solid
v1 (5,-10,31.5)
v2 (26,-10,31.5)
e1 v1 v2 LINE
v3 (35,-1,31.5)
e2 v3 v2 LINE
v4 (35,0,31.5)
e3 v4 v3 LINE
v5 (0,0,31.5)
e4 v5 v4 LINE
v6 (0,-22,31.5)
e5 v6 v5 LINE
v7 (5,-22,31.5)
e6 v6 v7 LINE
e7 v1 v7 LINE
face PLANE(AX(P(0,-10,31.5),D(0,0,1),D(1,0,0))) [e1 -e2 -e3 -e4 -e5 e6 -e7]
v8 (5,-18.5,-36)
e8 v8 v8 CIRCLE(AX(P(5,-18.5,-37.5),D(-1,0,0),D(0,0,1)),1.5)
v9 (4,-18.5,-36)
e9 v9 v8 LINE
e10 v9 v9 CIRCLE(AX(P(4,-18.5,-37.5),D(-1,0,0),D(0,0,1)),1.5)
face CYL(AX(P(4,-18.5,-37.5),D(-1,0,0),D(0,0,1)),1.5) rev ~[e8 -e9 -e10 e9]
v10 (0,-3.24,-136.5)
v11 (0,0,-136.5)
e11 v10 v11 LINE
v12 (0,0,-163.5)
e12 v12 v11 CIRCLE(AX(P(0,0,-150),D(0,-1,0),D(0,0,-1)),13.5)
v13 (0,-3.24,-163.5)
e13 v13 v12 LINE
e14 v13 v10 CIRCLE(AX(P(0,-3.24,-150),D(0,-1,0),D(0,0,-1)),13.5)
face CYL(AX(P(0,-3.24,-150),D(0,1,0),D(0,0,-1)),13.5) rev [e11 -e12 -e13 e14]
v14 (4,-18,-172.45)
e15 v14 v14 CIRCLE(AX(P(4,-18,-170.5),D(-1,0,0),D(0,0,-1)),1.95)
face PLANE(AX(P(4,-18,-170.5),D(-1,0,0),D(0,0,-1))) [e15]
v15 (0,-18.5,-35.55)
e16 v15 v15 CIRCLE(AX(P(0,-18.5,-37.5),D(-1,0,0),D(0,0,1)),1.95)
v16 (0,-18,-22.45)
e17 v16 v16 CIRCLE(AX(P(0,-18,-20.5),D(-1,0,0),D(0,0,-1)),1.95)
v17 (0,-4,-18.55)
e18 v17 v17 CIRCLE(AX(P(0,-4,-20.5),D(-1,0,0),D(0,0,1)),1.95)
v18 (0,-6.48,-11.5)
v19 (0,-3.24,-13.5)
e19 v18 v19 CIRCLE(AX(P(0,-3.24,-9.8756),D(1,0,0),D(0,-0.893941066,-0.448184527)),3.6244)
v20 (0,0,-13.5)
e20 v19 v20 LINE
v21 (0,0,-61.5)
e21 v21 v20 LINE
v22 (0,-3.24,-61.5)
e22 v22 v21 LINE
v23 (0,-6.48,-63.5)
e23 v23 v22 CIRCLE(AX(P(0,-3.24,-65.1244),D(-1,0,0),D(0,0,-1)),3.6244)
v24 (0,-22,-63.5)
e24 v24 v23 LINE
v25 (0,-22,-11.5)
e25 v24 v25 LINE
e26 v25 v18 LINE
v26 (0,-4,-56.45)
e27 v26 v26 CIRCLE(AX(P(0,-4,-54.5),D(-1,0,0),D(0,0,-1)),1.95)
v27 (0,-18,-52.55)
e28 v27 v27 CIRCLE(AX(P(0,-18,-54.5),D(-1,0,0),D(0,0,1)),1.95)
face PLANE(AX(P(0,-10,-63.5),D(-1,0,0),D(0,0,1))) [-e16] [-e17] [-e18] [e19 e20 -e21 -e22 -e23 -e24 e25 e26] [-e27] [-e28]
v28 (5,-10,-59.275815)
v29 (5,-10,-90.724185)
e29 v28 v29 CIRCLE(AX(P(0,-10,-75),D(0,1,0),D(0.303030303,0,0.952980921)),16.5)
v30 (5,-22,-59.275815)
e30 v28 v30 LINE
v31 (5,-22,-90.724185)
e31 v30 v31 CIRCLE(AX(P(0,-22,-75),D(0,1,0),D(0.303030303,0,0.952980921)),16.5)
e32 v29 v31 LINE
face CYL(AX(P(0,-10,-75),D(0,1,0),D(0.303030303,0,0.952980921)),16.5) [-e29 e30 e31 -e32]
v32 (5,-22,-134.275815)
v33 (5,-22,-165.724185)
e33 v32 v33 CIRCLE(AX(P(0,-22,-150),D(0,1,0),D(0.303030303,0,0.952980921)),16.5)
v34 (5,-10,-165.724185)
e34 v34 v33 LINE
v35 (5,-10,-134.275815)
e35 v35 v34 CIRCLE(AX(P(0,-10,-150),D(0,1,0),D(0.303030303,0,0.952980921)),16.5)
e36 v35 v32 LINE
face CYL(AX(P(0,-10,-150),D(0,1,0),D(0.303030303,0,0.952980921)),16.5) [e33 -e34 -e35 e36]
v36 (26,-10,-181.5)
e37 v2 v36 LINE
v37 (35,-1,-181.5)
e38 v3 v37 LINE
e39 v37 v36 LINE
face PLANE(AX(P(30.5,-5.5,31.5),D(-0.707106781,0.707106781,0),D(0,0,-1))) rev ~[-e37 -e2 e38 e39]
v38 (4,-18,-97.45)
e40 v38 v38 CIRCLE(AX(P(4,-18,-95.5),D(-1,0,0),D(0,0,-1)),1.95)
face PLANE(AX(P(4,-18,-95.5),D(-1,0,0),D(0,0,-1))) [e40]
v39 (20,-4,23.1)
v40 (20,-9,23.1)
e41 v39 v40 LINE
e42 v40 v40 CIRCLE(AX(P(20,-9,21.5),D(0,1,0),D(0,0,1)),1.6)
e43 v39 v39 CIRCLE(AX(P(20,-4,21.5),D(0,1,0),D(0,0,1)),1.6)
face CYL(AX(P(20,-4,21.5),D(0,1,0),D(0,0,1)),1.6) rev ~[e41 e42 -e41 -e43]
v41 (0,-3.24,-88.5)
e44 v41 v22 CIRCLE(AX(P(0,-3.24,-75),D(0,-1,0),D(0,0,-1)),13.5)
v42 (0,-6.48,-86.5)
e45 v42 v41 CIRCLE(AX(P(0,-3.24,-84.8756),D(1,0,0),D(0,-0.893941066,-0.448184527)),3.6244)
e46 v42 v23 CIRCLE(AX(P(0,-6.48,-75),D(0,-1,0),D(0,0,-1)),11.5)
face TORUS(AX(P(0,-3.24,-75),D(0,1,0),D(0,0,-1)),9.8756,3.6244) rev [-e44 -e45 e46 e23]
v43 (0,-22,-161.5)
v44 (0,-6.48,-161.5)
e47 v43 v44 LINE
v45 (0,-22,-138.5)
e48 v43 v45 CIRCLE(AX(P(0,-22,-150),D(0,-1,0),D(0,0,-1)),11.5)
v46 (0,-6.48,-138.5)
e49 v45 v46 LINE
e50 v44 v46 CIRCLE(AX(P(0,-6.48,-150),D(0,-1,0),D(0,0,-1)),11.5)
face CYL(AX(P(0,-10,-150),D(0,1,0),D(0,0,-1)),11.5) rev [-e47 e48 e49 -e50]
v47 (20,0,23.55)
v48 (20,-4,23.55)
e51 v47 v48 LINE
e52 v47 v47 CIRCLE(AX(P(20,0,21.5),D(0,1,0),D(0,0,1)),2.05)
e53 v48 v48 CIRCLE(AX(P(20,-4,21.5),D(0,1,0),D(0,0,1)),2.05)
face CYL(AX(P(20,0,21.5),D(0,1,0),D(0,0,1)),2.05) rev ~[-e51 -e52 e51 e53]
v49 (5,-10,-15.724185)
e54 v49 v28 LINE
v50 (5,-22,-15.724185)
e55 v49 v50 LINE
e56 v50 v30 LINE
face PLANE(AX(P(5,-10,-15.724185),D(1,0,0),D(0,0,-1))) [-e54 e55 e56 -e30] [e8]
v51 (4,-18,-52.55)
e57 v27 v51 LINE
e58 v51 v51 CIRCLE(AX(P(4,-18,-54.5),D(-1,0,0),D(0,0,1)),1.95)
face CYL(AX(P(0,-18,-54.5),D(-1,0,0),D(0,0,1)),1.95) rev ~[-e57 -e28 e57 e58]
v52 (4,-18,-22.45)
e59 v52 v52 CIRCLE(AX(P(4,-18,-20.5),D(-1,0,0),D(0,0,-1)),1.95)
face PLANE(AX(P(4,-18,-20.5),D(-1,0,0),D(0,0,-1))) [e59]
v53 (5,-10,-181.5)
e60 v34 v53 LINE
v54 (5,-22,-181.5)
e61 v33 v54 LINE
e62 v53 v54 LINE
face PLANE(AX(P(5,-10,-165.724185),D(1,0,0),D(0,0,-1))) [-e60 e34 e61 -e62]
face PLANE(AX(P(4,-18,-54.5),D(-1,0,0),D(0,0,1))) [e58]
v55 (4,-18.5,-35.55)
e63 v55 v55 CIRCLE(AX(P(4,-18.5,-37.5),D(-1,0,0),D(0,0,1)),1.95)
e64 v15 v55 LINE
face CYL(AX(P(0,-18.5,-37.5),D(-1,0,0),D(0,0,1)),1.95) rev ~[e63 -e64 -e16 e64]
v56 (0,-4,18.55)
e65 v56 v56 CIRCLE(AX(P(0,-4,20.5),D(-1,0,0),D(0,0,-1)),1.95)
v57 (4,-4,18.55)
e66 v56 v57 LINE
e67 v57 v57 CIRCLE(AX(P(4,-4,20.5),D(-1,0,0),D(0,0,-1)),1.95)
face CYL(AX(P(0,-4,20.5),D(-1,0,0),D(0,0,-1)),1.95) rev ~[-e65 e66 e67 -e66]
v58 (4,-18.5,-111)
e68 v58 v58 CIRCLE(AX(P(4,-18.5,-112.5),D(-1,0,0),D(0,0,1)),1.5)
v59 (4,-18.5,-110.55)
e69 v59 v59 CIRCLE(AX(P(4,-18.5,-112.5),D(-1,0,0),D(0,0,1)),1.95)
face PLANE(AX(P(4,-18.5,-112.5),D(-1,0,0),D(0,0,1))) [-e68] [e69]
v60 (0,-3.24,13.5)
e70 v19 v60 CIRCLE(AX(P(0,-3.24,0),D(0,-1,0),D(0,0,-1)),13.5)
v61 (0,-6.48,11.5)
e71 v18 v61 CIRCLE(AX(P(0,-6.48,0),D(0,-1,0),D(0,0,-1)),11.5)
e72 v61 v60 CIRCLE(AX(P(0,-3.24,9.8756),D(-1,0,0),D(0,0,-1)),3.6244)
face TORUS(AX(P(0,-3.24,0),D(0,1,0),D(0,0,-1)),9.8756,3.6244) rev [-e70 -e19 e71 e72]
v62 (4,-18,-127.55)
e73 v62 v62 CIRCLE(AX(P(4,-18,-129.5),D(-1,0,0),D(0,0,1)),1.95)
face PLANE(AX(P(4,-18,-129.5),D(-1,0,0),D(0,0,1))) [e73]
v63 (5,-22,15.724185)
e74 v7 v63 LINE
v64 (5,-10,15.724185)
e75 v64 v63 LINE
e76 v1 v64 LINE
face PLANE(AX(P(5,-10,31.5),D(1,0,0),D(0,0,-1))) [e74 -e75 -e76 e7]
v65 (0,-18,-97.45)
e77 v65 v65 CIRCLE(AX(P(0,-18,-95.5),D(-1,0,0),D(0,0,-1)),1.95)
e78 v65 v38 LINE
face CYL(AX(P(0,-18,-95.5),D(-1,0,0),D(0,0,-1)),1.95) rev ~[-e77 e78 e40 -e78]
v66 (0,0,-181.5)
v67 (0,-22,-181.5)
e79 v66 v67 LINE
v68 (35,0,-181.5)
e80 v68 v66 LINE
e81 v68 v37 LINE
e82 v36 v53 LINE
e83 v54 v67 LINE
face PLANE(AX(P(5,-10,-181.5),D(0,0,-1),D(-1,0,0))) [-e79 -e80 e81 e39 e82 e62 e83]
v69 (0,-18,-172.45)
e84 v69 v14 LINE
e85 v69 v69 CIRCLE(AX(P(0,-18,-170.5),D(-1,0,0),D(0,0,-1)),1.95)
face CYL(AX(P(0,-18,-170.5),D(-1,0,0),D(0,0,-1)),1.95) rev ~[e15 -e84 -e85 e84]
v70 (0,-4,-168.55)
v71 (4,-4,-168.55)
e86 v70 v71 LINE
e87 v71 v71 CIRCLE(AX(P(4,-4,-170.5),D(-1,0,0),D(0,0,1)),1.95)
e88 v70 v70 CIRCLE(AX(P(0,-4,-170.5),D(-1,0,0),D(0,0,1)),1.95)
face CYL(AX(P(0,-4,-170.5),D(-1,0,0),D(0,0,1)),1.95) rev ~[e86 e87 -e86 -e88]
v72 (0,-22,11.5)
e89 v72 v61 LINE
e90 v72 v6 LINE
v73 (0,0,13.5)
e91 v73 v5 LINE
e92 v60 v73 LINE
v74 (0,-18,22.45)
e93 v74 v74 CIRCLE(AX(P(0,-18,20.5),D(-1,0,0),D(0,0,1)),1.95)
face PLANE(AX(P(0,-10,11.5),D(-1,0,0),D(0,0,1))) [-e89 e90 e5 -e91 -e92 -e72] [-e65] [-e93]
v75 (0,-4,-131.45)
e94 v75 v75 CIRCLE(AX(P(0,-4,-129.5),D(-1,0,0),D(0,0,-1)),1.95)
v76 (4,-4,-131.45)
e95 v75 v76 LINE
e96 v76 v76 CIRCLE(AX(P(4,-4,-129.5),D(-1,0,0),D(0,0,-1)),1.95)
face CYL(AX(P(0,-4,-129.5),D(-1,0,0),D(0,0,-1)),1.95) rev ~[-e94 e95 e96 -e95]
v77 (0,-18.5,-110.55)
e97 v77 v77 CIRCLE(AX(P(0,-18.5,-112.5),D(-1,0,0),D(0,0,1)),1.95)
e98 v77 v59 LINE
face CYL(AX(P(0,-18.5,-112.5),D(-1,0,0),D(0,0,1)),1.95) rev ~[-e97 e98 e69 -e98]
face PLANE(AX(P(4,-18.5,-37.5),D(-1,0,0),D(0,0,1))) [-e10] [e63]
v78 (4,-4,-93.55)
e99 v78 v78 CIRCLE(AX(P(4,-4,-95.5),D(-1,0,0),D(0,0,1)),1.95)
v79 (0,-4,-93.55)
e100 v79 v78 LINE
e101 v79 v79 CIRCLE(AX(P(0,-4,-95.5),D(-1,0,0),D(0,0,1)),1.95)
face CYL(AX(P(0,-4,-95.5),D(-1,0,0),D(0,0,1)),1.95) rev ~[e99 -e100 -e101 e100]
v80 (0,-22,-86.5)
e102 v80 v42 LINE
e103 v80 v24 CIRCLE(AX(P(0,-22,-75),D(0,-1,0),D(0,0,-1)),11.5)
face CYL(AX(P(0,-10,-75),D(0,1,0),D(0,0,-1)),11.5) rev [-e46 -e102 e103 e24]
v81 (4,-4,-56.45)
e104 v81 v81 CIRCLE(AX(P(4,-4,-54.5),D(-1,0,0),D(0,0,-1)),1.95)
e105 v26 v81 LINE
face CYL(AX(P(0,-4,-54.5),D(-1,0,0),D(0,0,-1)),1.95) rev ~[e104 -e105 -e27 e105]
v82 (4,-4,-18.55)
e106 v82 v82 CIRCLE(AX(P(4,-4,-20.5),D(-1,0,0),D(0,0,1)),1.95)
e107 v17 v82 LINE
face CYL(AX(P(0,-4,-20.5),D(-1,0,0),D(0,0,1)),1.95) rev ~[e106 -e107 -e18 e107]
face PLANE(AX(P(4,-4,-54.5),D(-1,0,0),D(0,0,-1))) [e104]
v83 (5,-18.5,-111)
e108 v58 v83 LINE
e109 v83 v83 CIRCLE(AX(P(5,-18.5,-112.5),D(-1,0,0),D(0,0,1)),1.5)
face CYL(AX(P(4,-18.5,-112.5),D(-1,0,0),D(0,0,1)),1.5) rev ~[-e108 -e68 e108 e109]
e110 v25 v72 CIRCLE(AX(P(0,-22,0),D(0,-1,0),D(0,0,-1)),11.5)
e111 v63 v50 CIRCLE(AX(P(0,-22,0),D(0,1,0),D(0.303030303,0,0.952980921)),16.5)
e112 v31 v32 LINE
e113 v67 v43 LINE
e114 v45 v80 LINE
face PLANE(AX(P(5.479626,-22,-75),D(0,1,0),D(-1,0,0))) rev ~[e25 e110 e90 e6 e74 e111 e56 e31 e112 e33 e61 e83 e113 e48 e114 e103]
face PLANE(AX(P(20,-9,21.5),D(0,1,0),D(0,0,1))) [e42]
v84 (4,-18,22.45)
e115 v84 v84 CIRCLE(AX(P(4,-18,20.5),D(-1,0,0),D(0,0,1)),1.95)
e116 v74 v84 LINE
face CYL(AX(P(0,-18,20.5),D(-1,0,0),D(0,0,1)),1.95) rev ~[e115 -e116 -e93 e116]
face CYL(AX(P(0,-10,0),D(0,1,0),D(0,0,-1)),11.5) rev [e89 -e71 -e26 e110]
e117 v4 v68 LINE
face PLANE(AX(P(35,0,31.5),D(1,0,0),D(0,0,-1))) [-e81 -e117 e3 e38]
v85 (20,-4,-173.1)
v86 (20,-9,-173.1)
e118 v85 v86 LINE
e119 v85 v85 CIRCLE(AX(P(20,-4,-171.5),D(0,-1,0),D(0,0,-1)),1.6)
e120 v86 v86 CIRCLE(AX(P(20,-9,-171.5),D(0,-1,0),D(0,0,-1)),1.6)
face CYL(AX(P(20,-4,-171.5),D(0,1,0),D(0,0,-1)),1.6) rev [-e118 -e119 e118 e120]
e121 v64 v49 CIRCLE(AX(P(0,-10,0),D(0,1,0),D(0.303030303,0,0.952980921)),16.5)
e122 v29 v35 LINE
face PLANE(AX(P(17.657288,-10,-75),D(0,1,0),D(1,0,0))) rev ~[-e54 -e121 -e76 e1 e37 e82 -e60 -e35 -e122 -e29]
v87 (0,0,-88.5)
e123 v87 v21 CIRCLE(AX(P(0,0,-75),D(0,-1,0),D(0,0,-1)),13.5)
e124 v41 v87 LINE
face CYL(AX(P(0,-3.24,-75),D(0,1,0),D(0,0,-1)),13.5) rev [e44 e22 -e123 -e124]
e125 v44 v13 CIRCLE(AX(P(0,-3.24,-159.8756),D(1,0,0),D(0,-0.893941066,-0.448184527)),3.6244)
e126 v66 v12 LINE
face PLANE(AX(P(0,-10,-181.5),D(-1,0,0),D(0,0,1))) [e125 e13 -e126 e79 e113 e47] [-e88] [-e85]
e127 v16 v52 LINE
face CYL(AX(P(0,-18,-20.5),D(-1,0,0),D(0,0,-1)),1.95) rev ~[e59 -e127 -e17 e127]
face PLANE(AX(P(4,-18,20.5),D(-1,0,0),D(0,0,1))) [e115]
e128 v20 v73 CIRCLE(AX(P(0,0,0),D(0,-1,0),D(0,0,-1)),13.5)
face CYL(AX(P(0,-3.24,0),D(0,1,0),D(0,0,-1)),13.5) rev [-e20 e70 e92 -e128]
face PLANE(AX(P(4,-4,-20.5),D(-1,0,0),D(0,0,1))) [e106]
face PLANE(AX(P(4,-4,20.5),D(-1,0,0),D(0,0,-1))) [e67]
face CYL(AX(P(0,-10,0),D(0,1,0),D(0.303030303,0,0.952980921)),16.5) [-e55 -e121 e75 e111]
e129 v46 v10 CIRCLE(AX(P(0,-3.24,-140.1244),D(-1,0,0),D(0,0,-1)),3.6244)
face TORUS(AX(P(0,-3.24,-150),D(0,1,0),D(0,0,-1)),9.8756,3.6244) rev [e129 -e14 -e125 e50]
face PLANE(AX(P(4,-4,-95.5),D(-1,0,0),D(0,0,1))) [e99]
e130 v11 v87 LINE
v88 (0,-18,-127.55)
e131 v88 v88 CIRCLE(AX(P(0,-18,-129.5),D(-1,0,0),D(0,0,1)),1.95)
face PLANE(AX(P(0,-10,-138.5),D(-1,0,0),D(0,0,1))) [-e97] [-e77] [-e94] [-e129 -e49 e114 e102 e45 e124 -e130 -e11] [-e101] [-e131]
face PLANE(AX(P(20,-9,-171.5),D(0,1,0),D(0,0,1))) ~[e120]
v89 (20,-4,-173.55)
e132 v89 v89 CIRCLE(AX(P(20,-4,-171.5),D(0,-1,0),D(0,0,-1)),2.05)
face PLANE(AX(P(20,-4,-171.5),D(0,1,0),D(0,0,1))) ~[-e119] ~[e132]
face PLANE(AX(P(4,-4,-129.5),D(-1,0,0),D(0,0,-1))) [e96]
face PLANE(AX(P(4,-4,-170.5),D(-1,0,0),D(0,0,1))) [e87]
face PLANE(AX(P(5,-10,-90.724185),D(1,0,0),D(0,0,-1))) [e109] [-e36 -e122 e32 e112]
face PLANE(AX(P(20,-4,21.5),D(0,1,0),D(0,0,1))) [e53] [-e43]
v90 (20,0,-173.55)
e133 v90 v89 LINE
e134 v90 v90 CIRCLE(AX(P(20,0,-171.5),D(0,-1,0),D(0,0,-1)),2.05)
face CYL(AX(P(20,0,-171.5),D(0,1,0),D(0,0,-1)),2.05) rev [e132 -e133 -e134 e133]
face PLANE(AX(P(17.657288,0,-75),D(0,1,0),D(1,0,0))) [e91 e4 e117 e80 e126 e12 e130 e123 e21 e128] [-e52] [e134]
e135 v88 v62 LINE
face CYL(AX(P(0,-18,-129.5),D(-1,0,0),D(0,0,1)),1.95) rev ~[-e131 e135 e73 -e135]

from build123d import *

# Parameters (mm, degrees)
BOSS_EXTRUDE1_DEPTH = 10
BOSS_EXTRUDE2_DEPTH = 12
SKETCH7_R           = 1.95
CUT_EXTRUDE3_DEPTH  = 4
SKETCH8_R           = 1.95
CUT_EXTRUDE4_DEPTH  = 4
SKETCH9_R           = 1.5
CUT_EXTRUDE5_DEPTH  = 4
LPATTERN1_COUNT     = 2
LPATTERN1_PITCH     = 75
CHAMFER1_SIZE       = 9
LPATTERN2_COUNT     = 3
LPATTERN2_PITCH     = 75
SKETCH12_R          = 2.05
CUT_EXTRUDE6_DEPTH  = 4
SKETCH13_R          = 1.6
CUT_EXTRUDE8_DEPTH  = 5


with BuildPart() as part:
    # Sketch1 → Boss-Extrude1 (new body)
    with BuildSketch(Plane(origin=(0, 0, 0), x_dir=(1, 0, 0), z_dir=(0, 1, 0))):
        with BuildLine():
            Line((0, -11.5), (0, -31.5))
            Line((0, -31.5), (35, -31.5))
            Line((35, -31.5), (35, 181.5))
            Line((35, 181.5), (0, 181.5))
            Line((0, 181.5), (0, 161.5))
            ThreePointArc((0, 161.5), (11.5, 150), (0, 138.5))
            Line((0, 138.5), (0, 86.5))
            ThreePointArc((0, 86.5), (11.5, 75), (0, 63.5))
            Line((0, 63.5), (0, 11.5))
            ThreePointArc((0, 11.5), (11.5, 0), (0, -11.5))
        make_face()
    extrude(amount=-BOSS_EXTRUDE1_DEPTH)

    # Sketch3 → Boss-Extrude2 (add)
    with BuildSketch(Plane.XZ.offset(10)):
        with BuildLine():
            Line((0, -181.5), (0, -161.5))
            ThreePointArc((0, -161.5), (11.5, -150), (0, -138.5))
            Line((0, -138.5), (0, -86.5))
            ThreePointArc((0, -86.5), (11.5, -75), (0, -63.5))
            Line((0, -63.5), (0, -11.5))
            ThreePointArc((0, -11.5), (11.5, 0), (0, 11.5))
            Line((0, 11.5), (0, 31.5))
            Line((0, 31.5), (5, 31.5))
            Line((5, 31.5), (5, 15.724185194))
            ThreePointArc((5, 15.724185194), (16.5, 0), (5, -15.724185194))
            Line((5, -15.724185194), (5, -59.275814806))
            ThreePointArc((5, -59.275814806), (16.5, -75), (5, -90.724185194))
            Line((5, -90.724185194), (5, -134.275814806))
            ThreePointArc((5, -134.275814806), (16.5, -150), (5, -165.724185194))
            Line((5, -165.724185194), (5, -181.5))
            Line((5, -181.5), (0, -181.5))
        make_face()
    extrude(amount=BOSS_EXTRUDE2_DEPTH)

    # Sketch7 → Cut-Extrude3 (cut)
    with BuildSketch(Plane.ZY):
        with Locations((-170.5, -4)):
            Circle(SKETCH7_R)
        with Locations(Location((-170.5, -18, 0), (0, 0, 180))):
            Circle(SKETCH7_R)
        with Locations(Location((-129.5, -4, 0), (0, 0, 180))):
            Circle(SKETCH7_R)
        with Locations((-129.5, -18)):
            Circle(SKETCH7_R)
        with Locations((-95.5, -4)):
            Circle(SKETCH7_R)
        with Locations(Location((-54.5, -4, 0), (0, 0, 180))):
            Circle(SKETCH7_R)
        with Locations((-54.5, -18)):
            Circle(SKETCH7_R)
        with Locations(Location((-95.5, -18, 0), (0, 0, 180))):
            Circle(SKETCH7_R)
        with Locations((-20.5, -4)):
            Circle(SKETCH7_R)
        with Locations(Location((20.5, -4, 0), (0, 0, 180))):
            Circle(SKETCH7_R)
        with Locations((20.5, -18)):
            Circle(SKETCH7_R)
        with Locations(Location((-20.5, -18, 0), (0, 0, 180))):
            Circle(SKETCH7_R)
    extrude(amount=-CUT_EXTRUDE3_DEPTH, mode=Mode.SUBTRACT)

    # Sketch8 → Cut-Extrude4 (cut)
    with BuildSketch(Plane.ZY):
        with Locations((-112.5, -18.5)):
            Circle(SKETCH8_R)
    cut_extrude4 = extrude(amount=-CUT_EXTRUDE4_DEPTH, mode=Mode.SUBTRACT)

    # Sketch9 → Cut-Extrude5 (cut)
    with BuildSketch(Plane.ZY.offset(-4)):
        with Locations((-112.5, -18.5)):
            Circle(SKETCH9_R)
    cut_extrude5 = extrude(amount=-CUT_EXTRUDE5_DEPTH, mode=Mode.SUBTRACT)

    # LPattern1: Cut-Extrude4, Cut-Extrude5 ×2
    with Locations(*[(0, 0, i * LPATTERN1_PITCH) for i in range(1, LPATTERN1_COUNT)]):
        add(cut_extrude4, mode=Mode.SUBTRACT)
        add(cut_extrude5, mode=Mode.SUBTRACT)

    # Chamfer1
    chamfer1_edges = [part.edges().sort_by_distance(p)[0] for p in [
        (35, -10, -75),
    ]]
    chamfer(chamfer1_edges, length=CHAMFER1_SIZE)

    # Sketch10 → Cut-Revolve1 (revolve, cut)
    with BuildSketch(Plane.ZY):
        with BuildLine():
            Line((-161.5, 0), (-161.5, -6.48))
            ThreePointArc((-161.5, -6.48), (-162.959732838, -5.143785702), (-163.5, -3.24))
            Line((-163.5, -3.24), (-163.5, 0))
            Line((-163.5, 0), (-161.5, 0))
        make_face()
    cut_revolve1 = revolve(axis=Axis((0, 19.009810116, -150), (0, -1, 0)), mode=Mode.SUBTRACT)

    # LPattern2: Cut-Revolve1 ×3
    with Locations(*[(0, 0, i * LPATTERN2_PITCH) for i in range(1, LPATTERN2_COUNT)]):
        add(cut_revolve1, mode=Mode.SUBTRACT)

    # Sketch12 → Cut-Extrude6 (cut)
    with BuildSketch(Plane(origin=(0, 0, 0), x_dir=(1, 0, 0), z_dir=(0, 1, 0))):
        with Locations(Location((20, -21.5, 0), (0, 0, 270))):
            Circle(SKETCH12_R)
    cut_extrude6 = extrude(amount=-CUT_EXTRUDE6_DEPTH, mode=Mode.SUBTRACT)

    # Sketch13 → Cut-Extrude8 (cut)
    with BuildSketch(Plane(origin=(0, -4, 0), x_dir=(1, 0, 0), z_dir=(0, 1, 0))):
        with Locations(Location((20, -21.5, 0), (0, 0, 270))):
            Circle(SKETCH13_R)
    cut_extrude8 = extrude(amount=-CUT_EXTRUDE8_DEPTH, mode=Mode.SUBTRACT)

    # Mirror2: Cut-Extrude6, Cut-Extrude8 across plane
    add(cut_extrude6.mirror(Plane.XY.offset(-75)), mode=Mode.SUBTRACT)
    add(cut_extrude8.mirror(Plane.XY.offset(-75)), mode=Mode.SUBTRACT)


solid = part.part
